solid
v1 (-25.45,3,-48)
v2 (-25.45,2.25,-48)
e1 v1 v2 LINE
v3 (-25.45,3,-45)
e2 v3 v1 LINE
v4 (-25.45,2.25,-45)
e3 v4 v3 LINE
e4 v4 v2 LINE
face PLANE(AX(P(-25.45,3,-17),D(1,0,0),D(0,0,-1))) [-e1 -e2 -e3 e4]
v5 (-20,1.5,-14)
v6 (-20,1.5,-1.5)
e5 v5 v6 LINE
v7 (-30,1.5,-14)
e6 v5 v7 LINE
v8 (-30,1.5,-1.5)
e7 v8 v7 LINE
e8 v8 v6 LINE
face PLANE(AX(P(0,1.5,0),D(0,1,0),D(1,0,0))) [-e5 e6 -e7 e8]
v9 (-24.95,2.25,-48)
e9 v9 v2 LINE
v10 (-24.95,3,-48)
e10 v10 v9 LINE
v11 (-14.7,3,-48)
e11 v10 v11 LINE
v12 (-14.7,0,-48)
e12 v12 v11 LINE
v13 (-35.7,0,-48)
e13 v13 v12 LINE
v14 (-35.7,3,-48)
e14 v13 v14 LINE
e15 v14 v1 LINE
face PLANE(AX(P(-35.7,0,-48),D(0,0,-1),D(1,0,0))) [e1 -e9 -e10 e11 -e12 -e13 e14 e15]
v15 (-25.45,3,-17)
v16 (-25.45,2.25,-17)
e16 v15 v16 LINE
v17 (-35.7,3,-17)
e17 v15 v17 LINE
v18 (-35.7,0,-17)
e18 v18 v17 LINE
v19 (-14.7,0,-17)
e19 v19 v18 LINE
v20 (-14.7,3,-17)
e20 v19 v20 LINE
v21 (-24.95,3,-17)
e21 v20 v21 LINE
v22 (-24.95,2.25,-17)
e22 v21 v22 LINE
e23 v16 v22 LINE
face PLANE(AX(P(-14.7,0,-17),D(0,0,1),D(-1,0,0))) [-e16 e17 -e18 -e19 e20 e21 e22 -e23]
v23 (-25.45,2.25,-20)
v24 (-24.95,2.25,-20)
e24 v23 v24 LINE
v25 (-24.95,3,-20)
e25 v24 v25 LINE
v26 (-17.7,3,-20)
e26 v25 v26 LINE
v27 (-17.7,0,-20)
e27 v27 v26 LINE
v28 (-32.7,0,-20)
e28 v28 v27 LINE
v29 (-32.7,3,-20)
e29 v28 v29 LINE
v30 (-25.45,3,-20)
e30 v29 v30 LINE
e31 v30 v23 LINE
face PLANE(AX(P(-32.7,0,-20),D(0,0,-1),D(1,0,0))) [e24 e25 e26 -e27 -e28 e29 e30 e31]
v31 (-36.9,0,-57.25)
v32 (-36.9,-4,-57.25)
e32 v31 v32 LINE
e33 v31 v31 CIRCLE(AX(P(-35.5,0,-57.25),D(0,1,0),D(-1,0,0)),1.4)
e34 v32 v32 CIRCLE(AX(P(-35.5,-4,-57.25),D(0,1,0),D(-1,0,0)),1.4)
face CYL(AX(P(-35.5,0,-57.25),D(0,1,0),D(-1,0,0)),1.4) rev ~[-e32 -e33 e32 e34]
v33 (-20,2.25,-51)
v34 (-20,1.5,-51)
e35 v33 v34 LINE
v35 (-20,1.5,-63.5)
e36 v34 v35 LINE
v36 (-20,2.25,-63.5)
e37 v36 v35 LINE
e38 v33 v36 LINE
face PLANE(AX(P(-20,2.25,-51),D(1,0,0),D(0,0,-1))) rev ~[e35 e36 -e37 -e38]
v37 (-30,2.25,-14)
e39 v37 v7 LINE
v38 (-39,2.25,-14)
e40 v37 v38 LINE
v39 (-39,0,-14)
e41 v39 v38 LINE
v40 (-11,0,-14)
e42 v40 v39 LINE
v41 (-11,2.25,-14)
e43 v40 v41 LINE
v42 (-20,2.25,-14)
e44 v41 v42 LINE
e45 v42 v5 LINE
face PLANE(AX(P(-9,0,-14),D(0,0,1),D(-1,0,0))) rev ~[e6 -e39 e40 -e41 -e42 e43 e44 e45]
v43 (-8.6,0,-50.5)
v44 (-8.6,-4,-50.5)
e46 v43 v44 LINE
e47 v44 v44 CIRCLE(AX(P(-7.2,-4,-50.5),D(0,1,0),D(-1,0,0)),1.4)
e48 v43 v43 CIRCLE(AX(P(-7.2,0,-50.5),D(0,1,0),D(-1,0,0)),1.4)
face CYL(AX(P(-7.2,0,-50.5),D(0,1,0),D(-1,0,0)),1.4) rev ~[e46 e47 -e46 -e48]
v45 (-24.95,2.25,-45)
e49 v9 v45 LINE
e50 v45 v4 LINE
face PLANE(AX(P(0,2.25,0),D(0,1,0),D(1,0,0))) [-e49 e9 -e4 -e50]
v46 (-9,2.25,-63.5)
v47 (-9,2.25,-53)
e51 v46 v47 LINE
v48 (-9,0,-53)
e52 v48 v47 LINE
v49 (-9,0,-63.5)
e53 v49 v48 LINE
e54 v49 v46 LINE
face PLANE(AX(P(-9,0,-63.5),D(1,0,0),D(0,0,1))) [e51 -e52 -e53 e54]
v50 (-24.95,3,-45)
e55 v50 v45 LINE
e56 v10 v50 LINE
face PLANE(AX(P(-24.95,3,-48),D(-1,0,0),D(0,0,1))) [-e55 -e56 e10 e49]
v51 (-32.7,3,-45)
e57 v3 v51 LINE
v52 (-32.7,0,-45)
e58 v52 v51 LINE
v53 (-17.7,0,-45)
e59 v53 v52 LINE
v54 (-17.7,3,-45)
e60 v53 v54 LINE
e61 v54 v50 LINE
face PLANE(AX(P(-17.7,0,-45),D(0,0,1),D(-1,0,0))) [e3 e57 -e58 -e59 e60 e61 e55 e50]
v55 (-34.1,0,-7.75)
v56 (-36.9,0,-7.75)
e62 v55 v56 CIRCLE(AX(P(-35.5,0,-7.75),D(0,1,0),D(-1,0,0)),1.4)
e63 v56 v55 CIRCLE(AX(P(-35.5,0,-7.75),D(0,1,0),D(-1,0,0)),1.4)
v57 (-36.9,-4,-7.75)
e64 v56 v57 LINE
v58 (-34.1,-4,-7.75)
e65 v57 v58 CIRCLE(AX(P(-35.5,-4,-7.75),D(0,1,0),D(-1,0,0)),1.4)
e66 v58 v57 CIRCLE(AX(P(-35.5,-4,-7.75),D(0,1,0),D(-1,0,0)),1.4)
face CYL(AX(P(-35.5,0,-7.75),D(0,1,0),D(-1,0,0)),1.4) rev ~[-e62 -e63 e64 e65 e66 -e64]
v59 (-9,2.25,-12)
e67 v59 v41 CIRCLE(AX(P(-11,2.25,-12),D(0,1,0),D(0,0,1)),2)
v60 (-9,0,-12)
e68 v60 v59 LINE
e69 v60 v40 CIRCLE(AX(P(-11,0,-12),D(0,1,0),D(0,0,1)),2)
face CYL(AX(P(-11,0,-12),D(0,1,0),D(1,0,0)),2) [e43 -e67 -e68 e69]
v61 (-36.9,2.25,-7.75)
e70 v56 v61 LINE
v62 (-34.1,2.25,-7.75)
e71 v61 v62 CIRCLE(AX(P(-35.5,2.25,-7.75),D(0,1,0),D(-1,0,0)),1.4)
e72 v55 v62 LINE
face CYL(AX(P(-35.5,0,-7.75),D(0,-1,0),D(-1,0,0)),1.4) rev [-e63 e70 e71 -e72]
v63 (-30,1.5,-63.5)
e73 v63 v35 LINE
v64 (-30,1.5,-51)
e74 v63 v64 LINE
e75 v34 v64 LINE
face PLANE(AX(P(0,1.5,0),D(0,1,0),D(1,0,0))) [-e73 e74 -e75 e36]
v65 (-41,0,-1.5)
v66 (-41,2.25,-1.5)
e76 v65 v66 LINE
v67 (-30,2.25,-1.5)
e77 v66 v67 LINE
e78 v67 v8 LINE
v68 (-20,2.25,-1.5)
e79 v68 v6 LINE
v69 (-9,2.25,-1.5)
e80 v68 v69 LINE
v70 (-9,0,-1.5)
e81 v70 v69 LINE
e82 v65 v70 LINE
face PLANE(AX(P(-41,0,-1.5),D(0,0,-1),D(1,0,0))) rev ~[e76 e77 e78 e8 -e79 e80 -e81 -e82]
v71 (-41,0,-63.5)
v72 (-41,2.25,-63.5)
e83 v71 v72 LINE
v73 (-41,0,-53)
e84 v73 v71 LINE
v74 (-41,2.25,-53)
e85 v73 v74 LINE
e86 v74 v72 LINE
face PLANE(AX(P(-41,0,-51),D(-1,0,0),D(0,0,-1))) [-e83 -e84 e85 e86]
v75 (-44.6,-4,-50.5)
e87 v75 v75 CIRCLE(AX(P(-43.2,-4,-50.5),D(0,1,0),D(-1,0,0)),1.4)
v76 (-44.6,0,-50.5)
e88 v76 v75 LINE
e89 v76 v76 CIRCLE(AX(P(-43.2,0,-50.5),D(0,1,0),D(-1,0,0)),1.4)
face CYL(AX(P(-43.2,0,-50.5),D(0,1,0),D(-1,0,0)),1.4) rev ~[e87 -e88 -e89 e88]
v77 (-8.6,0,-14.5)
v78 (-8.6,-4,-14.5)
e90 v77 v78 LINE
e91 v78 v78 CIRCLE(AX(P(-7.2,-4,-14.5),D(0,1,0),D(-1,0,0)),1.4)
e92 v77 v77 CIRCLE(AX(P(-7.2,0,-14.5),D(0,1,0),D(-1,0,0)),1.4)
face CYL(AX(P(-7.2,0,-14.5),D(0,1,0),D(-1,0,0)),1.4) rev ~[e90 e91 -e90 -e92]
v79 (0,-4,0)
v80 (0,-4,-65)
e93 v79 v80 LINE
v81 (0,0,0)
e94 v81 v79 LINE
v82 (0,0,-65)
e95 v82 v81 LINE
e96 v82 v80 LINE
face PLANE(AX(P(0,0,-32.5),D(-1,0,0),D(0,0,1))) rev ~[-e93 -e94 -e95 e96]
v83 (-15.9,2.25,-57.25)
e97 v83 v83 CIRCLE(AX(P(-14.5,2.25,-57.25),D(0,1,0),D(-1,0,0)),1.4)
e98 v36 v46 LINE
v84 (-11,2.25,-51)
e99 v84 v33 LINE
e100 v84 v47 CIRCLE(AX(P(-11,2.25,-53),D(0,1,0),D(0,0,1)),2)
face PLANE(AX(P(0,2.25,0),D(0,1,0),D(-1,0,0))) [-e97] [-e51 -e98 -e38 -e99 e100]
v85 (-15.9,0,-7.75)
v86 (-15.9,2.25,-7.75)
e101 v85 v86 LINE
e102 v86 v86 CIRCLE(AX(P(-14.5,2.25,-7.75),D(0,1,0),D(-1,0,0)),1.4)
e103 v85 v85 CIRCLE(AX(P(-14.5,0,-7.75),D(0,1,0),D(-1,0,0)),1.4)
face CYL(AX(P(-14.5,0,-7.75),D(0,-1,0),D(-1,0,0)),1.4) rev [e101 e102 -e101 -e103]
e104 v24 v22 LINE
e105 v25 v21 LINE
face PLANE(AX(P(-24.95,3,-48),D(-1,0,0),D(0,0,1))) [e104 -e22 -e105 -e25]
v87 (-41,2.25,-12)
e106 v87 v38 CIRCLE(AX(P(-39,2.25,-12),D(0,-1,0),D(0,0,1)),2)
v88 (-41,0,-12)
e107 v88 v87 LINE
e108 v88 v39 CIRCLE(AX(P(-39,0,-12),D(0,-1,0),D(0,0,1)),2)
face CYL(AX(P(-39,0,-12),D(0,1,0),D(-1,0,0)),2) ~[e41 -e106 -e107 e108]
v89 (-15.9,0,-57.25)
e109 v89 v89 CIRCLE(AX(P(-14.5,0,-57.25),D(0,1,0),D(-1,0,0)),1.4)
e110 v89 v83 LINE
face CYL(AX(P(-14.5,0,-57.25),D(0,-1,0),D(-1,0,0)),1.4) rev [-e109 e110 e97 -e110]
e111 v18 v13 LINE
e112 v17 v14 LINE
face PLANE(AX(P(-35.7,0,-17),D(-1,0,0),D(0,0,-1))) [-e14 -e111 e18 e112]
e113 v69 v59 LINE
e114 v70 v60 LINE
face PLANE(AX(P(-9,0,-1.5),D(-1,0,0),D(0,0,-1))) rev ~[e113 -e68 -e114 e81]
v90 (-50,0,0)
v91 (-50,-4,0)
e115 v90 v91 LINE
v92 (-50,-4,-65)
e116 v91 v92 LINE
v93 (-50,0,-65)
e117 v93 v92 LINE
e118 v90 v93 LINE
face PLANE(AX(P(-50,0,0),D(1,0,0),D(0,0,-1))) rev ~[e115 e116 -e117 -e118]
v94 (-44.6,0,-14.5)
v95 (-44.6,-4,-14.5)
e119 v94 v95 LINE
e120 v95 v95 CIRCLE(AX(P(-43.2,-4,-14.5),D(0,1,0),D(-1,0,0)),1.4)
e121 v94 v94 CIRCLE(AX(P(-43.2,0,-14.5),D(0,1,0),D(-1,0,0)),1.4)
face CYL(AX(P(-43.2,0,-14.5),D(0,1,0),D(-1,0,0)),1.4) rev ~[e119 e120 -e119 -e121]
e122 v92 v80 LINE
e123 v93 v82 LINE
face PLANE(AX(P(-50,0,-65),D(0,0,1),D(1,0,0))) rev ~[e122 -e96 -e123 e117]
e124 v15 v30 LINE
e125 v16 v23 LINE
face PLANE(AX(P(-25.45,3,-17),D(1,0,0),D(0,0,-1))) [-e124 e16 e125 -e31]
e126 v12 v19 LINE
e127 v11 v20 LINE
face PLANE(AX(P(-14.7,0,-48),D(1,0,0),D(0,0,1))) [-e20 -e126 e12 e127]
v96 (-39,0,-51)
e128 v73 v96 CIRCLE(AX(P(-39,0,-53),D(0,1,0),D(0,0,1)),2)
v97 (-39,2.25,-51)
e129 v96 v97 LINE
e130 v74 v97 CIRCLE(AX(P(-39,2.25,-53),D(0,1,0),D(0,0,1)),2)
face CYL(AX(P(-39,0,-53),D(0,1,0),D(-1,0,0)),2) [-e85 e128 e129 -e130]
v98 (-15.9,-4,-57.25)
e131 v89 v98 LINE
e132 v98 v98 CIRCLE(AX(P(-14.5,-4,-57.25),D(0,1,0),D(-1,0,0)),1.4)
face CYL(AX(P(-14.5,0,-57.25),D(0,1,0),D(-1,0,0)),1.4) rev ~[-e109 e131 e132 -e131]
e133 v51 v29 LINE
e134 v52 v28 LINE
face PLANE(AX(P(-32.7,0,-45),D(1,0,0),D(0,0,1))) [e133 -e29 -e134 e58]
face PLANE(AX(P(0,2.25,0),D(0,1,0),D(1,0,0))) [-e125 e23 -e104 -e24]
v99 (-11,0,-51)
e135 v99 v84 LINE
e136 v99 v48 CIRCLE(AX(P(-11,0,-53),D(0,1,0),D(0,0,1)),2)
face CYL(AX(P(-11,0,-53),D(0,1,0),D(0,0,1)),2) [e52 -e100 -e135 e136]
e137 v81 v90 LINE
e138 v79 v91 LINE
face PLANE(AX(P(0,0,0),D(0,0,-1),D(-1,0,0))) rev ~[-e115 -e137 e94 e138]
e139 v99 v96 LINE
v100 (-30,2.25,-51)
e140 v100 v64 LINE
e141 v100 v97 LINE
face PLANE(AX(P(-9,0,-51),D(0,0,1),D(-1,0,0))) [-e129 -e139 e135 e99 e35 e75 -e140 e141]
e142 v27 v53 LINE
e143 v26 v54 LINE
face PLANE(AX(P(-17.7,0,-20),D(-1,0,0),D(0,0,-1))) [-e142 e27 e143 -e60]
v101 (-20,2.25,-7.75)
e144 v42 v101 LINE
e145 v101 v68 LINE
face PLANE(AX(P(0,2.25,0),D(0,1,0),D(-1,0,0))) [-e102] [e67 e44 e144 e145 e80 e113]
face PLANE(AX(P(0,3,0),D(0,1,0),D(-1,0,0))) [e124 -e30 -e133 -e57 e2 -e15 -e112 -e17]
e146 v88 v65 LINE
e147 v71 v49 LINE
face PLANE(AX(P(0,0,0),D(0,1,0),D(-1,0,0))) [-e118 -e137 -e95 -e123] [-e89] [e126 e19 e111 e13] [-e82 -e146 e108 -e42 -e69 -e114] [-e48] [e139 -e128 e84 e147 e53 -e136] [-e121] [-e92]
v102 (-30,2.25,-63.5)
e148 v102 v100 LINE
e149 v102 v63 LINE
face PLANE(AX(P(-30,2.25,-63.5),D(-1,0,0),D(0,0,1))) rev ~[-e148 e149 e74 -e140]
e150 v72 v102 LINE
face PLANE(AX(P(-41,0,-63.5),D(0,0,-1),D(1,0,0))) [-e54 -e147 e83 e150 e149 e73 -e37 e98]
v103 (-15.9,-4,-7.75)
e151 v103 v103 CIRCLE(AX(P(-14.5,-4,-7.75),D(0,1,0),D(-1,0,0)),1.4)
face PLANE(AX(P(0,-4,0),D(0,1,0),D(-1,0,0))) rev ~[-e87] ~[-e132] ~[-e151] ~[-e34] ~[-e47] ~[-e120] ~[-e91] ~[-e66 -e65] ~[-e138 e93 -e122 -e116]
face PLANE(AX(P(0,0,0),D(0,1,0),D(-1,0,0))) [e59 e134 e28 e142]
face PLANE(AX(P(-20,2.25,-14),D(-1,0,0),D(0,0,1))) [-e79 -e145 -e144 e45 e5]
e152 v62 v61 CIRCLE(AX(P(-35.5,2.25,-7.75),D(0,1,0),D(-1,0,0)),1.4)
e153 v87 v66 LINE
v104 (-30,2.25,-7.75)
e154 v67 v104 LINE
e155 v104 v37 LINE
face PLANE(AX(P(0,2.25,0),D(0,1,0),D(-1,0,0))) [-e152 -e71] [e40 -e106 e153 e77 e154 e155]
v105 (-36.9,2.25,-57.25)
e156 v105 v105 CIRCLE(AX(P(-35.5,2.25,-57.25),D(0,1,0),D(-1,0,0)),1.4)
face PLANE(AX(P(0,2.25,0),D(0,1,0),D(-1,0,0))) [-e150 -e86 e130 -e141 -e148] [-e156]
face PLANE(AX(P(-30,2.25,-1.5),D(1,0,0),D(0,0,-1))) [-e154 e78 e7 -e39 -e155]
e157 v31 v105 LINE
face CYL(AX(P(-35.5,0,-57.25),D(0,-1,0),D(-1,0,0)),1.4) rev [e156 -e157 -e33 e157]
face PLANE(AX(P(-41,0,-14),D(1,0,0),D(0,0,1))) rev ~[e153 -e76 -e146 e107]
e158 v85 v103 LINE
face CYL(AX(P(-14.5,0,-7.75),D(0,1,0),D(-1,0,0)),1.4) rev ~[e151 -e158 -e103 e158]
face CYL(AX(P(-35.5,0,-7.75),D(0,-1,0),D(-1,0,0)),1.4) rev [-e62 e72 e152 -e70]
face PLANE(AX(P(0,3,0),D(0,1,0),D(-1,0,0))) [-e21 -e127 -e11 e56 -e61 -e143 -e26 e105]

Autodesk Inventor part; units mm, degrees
ref_plane "YZ Plane" through (0, 0, 0) normal (1, 0, 0) x (0, 1, 0)
ref_plane "XZ Plane" through (0, 0, 0) normal (0, 1, 0) x (-1, 0, 0)
ref_plane "XY Plane" through (0, 0, 0) normal (0, 0, 1) x (1, 0, 0)
sketch "Boceto1" plane through (0, 0, 0) normal (0, 1, 0) x (-1, 0, 0)
  line L0 (0, 0) -> (50, 0)
  line L1 (50, 0) -> (50, -65)
  line L2 (50, -65) -> (0, -65)
  line L3 (0, -65) -> (0, 0)
  line L4 (17.7, -45) -> (32.7, -45)
  line L5 (32.7, -45) -> (32.7, -20)
  line L6 (32.7, -20) -> (17.7, -20)
  line L7 (17.7, -20) -> (17.7, -45)
  line L8 (17.7, -45) -> (32.7, -20) construction
  line L9 (32.7, -45) -> (17.7, -20) construction
  line L10 (35.7, -17) -> (35.7, -48)
  line L11 (35.7, -48) -> (14.7, -48)
  line L12 (14.7, -48) -> (14.7, -17)
  line L13 (14.7, -17) -> (35.7, -17)
  line L14 (41, -1.5) -> (9, -1.5)
  line L15 (9, -1.5) -> (9, -14)
  line L16 (9, -14) -> (41, -14)
  line L17 (41, -14) -> (41, -1.5)
  line L18 (32.7, -32.5) -> (17.7, -32.5) construction
  line L19 (41, -7.75) -> (35.5, -7.75) construction
  line L20 (35.5, -7.75) -> (14.5, -7.75) construction
  line L21 (14.5, -7.75) -> (9, -7.75) construction
  circle A0 centre (35.5, -7.75) radius 1.4
  circle A1 centre (14.5, -7.75) radius 1.4
  line L22 (41, -63.5) -> (9, -63.5)
  line L23 (9, -63.5) -> (9, -51)
  line L24 (9, -51) -> (41, -51)
  line L25 (41, -51) -> (41, -63.5)
  circle A2 centre (35.5, -57.25) radius 1.4
  circle A3 centre (14.5, -57.25) radius 1.4
  line L26 (50, -32.5) -> (43.2, -32.5) construction
  line L27 (0, -32.5) -> (6.8, -32.5)
  line L28 (45.9347, 0) -> (45.9347, -14) construction
  line L29 (43.2, -32.5) -> (43.2, -14.5) construction
  line L30 (43.2, -14.5) -> (50, -14.5) construction
  circle A4 centre (43.2, -14.5) radius 1.4
  line L31 (25.2, -20) -> (25.2, -45) construction
  circle A5 centre (7.2, -14.5) radius 1.4
  circle A6 centre (35.5, -57.25) radius 1.4
  circle A7 centre (43.2, -50.5) radius 1.4
  circle A8 centre (7.2, -50.5) radius 1.4
  line L32 (35.5, -7.75) -> (14.5, -7.75)
  point P0 (25.2, -32.5)
  point P1 (25, -14)
  point P2 (25.2, -17)
  dimension "d0" = 65
  dimension "d1" = 50
  dimension "d2" = 25
  dimension "d3" = 15
  dimension "d4" = 3
  dimension "d5" = 12.5
  dimension "d6" = 32
  dimension "d7" = 3
  dimension "d8" = 5.5
  dimension "d9" = 5.5
  dimension "d10" = 2.8
  dimension "d11" = 2.8
  dimension "d12" = 6.8
  dimension "d13" = 6.8
  dimension "d14" = 14
  dimension "d15" = 2.8
  dimension "d30" = 36
  dimension "d31" = 36
  dimension "d32" = 1.5
extrude "Extrusión1" add sketch "Boceto1" along normal blind 3 contours L10 L11 L12 L13
extrude "Extrusión2" add sketch "Boceto1" against normal blind 4 contours L0 L1 L2 L3 | L17 L16 L15 L14 | L22 L23 L24 L25
extrude "Extrusión3" add sketch "Boceto1" along normal blind 2.25 contours L17 L16 L15 L14 | L22 L23 L24 L25
sketch "Boceto2" plane through (0, 2.25, 0) normal (0, 1, 0) x (1, 0, 0)
  line L0 (-41, 1.5) -> (-9, 1.5) projected
  line L1 (-25, 1.5) -> (-25, 14)
  line L2 (-9, 14) -> (-41, 14) projected
  line L3 (-20, 1.5) -> (-30, 1.5)
  line L4 (-30, 1.5) -> (-30, 14)
  line L5 (-30, 14) -> (-20, 14)
  line L6 (-20, 14) -> (-20, 1.5)
  line L7 (-20, 1.5) -> (-30, 14) construction
  line L8 (-30, 1.5) -> (-20, 14) construction
  line L9 (-32.7, 32.5) -> (-17.7, 32.5) construction
  line L10 (-41, 63.5) -> (-9, 63.5)
  line L11 (-9, 51) -> (-41, 51)
  line L12 (-30, 63.5) -> (-30, 51)
  line L13 (-20, 51) -> (-20, 63.5)
  point P0 (0, 0)
  point P1 (-25, 7.75)
  dimension "d22" = 10
extrude "Extrusión4" cut sketch "Boceto2" against normal blind 0.75
extrude "Extrusión5" add sketch "Boceto1" against normal blind 4 contours L7 L6 L5 L4 | L10 L11 L12 L13
sketch "Boceto3" plane through (0, 3, 0) normal (0, 1, 0) x (1, 0, 0)
  line L0 (-25.2, 20) -> (-25.2, 45) construction
  line L1 (-35.7, 17) -> (-14.7, 17) projected
  line L2 (-25.2, 17) -> (-25.2, 48)
  line L3 (-14.7, 48) -> (-35.7, 48) projected
  line L4 (-24.95, 17) -> (-25.45, 17)
  line L5 (-25.45, 17) -> (-25.45, 48)
  line L6 (-25.45, 48) -> (-24.95, 48)
  line L7 (-24.95, 48) -> (-24.95, 17)
  line L8 (-24.95, 17) -> (-25.45, 48) construction
  line L9 (-25.45, 17) -> (-24.95, 48) construction
  point P0 (0, 0)
  point P1 (-25.2, 32.5)
  point P2 (-24.95, 17)
  point P3 (-24.95, 48)
  point P4 (-25.45, 17)
  dimension "d27" = 0.5
extrude "Extrusión6" cut sketch "Boceto3" against normal blind 0.75
sketch "Boceto4" plane through (-41, 0, -1.5) normal (0, 0, 1) x (1, 0, 0)
  line L0 (16.05, 2.25) -> (15.55, 2.25) projected
  line L1 (21, 1.5) -> (11, 1.5) projected
  line L2 (-9, 0) -> (41, 0) projected
  line L3 (15.55, 2.25) -> (15.55, 3) projected
fillet "Empalme1" radius 2 4 edges at (-41, 1.125, -51) (-9, 1.125, -51) (-9, 1.125, -14) (-41, 1.125, -14)
equation "\"d9\" = d8"
equation "\"d13\" = d12"
properties part number "Molde 1FBR 0.75mm"
